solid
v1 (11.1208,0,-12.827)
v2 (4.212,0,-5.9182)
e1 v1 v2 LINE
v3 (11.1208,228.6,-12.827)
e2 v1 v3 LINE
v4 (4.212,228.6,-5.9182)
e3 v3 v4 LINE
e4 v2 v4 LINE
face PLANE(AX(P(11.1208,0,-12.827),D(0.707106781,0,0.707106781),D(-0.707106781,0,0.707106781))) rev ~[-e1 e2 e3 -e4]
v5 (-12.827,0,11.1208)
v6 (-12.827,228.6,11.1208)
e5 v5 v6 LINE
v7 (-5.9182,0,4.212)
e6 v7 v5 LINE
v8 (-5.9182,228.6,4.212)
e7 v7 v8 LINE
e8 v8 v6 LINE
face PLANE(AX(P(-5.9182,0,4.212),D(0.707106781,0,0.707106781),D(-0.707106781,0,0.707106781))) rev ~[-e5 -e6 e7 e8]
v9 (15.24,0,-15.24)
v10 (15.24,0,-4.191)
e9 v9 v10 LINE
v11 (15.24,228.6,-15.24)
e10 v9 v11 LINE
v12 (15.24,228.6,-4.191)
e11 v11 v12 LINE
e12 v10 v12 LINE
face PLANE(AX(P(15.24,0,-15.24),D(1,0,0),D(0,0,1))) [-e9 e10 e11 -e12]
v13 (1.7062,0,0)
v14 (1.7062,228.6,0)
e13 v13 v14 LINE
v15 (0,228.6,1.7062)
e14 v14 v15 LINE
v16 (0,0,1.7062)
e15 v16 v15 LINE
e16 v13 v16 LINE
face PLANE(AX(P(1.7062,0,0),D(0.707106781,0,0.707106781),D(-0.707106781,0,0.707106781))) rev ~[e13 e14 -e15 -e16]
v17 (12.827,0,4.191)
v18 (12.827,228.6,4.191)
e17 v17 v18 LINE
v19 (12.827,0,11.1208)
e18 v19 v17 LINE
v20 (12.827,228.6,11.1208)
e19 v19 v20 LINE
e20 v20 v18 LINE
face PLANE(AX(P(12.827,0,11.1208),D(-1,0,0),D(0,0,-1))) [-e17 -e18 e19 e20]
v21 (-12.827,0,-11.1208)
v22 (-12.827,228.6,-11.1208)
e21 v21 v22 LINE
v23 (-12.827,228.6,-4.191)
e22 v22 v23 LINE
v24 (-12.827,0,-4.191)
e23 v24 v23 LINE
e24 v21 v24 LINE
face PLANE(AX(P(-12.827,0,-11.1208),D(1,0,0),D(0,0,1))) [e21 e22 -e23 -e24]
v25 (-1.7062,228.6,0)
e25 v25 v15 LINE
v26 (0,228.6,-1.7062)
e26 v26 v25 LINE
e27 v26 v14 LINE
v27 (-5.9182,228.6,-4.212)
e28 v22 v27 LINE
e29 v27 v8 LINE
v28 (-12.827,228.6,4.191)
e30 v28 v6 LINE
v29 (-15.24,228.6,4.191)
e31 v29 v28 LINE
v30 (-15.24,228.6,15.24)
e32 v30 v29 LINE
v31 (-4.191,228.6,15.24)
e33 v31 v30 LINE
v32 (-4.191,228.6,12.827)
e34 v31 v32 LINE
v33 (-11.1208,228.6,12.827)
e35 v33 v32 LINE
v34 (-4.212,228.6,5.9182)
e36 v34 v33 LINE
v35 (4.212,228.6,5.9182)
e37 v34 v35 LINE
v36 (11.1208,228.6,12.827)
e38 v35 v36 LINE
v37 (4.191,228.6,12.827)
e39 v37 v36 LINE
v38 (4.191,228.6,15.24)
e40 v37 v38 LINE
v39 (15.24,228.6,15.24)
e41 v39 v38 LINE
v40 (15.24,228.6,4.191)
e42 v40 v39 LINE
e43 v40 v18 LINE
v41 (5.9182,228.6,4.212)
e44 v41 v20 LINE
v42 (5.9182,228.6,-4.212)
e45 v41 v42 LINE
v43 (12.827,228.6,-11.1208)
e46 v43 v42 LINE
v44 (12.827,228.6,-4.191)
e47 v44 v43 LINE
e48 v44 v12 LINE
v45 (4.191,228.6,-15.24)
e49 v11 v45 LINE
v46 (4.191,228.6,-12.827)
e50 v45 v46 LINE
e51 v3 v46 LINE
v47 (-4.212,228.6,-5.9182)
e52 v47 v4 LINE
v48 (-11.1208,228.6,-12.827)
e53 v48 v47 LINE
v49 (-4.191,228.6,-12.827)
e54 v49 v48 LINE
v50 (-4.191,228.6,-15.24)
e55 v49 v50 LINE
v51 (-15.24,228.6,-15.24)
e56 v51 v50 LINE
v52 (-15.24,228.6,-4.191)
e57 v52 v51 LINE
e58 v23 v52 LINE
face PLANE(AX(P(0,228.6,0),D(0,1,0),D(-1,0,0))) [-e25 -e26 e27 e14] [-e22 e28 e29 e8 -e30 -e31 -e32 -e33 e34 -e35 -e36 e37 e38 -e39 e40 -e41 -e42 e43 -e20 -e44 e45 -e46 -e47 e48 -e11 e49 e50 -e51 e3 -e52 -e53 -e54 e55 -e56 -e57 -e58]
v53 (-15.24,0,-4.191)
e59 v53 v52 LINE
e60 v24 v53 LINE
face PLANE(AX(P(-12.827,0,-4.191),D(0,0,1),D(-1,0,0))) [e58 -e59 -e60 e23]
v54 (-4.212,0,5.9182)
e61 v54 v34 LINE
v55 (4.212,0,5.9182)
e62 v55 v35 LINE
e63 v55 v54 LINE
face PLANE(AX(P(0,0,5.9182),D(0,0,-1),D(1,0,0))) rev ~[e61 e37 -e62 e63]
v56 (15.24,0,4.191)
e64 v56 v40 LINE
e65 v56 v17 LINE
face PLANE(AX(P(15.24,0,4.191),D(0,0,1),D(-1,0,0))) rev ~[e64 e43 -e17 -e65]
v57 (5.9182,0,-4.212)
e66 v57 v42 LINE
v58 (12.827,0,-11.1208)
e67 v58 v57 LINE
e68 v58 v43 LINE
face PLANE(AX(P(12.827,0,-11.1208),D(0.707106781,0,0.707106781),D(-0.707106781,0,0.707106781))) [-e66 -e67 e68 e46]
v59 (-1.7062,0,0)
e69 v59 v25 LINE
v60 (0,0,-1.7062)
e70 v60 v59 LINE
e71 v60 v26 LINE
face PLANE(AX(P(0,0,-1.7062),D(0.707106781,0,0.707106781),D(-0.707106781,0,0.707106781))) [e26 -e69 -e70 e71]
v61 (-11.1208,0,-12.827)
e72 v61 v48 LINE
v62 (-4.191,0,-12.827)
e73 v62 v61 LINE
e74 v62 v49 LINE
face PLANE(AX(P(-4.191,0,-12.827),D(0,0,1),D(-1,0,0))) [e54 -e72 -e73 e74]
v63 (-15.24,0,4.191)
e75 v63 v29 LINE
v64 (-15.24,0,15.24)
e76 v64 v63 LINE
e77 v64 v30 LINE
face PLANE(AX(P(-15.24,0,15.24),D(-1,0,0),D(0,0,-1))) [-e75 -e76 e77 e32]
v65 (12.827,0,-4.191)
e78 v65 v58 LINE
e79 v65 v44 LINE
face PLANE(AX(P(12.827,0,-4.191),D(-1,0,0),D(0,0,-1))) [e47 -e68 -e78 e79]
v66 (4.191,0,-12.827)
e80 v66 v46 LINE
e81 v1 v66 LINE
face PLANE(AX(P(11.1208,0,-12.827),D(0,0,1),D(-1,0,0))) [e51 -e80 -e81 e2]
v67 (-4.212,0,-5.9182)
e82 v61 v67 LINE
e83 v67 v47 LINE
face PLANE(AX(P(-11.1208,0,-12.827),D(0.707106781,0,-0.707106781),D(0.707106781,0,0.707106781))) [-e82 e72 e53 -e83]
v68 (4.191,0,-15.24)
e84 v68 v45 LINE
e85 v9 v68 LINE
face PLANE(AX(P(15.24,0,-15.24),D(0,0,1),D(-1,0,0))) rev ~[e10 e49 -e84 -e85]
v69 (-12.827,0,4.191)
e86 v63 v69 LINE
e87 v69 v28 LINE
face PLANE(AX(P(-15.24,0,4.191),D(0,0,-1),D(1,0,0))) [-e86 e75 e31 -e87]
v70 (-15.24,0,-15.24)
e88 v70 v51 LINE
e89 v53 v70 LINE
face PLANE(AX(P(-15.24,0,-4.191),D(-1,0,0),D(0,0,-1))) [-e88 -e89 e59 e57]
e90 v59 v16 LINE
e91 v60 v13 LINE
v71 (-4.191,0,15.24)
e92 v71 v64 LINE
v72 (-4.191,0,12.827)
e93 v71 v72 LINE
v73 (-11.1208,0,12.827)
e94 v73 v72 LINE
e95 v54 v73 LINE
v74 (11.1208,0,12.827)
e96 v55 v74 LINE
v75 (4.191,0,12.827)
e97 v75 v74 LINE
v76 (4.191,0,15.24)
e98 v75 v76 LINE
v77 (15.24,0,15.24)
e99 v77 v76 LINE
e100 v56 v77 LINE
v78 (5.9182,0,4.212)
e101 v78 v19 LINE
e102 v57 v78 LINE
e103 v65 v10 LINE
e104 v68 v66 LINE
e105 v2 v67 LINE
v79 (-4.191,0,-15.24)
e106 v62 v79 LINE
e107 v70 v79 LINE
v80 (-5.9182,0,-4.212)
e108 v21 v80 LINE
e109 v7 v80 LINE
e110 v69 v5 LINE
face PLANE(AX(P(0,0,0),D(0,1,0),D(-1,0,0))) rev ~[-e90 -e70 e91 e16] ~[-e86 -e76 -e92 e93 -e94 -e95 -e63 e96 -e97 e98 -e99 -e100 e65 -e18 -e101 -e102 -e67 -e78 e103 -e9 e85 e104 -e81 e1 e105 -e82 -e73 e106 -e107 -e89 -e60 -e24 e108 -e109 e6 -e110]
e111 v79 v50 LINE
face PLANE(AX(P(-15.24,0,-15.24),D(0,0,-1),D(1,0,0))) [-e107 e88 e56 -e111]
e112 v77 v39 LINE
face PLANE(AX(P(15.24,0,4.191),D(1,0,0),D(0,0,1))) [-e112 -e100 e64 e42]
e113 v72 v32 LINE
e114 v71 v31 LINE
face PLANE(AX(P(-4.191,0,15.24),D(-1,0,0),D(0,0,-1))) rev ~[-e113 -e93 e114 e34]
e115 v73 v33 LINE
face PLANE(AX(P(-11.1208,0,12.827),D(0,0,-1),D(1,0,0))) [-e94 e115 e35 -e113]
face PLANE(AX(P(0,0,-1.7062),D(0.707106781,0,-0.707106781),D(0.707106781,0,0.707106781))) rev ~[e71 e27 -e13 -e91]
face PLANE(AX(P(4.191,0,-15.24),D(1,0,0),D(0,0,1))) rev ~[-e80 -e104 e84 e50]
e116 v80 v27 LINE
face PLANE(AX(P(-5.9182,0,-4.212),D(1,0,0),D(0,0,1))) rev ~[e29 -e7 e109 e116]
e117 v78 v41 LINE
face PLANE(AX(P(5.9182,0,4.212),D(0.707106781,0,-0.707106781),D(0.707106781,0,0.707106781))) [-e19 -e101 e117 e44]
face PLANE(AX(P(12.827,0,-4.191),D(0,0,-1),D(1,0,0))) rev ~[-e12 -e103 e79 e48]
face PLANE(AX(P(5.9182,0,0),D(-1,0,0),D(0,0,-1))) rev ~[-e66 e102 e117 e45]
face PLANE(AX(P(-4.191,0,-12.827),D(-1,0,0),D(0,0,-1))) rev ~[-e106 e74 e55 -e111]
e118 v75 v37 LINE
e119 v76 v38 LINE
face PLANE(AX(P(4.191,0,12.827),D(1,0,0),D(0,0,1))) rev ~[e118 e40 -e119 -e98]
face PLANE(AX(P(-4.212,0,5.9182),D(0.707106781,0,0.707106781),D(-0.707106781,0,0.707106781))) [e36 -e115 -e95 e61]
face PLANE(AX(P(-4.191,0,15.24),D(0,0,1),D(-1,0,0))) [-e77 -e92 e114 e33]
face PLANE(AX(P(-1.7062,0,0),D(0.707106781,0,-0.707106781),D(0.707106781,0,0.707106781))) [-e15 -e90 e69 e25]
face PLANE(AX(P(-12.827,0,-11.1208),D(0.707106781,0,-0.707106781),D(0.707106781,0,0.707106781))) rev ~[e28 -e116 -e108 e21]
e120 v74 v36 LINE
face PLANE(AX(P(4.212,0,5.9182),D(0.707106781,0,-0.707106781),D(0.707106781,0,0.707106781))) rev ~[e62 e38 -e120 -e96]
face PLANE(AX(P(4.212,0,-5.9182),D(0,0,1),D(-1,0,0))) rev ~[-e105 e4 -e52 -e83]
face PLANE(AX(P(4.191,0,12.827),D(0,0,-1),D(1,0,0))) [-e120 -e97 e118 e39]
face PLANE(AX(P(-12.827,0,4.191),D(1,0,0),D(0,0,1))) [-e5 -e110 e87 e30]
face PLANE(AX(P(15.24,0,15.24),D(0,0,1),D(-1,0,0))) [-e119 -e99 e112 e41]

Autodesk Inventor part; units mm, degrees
ref_plane "YZ Plane" through (0, 0, 0) normal (1, 0, 0) x (0, 1, 0)
ref_plane "XZ Plane" through (0, 0, 0) normal (0, 1, 0) x (-1, 0, 0)
ref_plane "XY Plane" through (0, 0, 0) normal (0, 0, 1) x (1, 0, 0)
sketch "Sketch1" plane through (0, 0, 0) normal (0, 1, 0) x (-1, 0, 0)
  line L0 (0, -21.336) -> (0, 21.336) projected
  line L1 (-21.336, 0) -> (21.336, 0) projected
  line L2 (15.24, -15.24) -> (4.191, -15.24)
  line L3 (-15.24, -15.24) -> (-4.191, -15.24)
  line L4 (15.24, 4.191) -> (12.827, 4.191)
  line L5 (12.827, -4.191) -> (15.24, -4.191)
  line L6 (-4.191, 12.827) -> (-4.191, 15.24)
  line L7 (4.191, 15.24) -> (4.191, 12.827)
  line L8 (-11.1208, -12.827) -> (-4.212, -5.9182)
  line L9 (-12.827, -11.1208) -> (-5.9182, -4.212)
  line L10 (-5.9182, 4.212) -> (-12.827, 11.1208)
  line L11 (-4.212, 5.9182) -> (-11.1208, 12.827)
  line L12 (-1.7062, 0) -> (0, 1.7062)
  line L13 (4.212, 5.9182) -> (11.1208, 12.827)
  line L14 (0, -1.7062) -> (1.7062, 0)
  line L15 (5.9182, 4.212) -> (12.827, 11.1208)
  line L16 (12.827, -11.1208) -> (5.9182, -4.212)
  line L17 (1.7062, 0) -> (0, 1.7062)
  line L18 (11.1208, -12.827) -> (4.212, -5.9182)
  line L19 (0, -1.7062) -> (-1.7062, 0)
  line L20 (4.191, -12.827) -> (4.191, -15.24)
  line L21 (-15.24, 4.191) -> (-12.827, 4.191)
  line L22 (-4.191, -15.24) -> (-4.191, -12.827)
  line L23 (-12.827, -4.191) -> (-15.24, -4.191)
  line L24 (11.1208, 12.827) -> (4.191, 12.827)
  line L25 (-4.191, 12.827) -> (-11.1208, 12.827)
  line L26 (-12.827, 11.1208) -> (-12.827, 4.191)
  line L27 (-12.827, -4.191) -> (-12.827, -11.1208)
  line L28 (-11.1208, -12.827) -> (-4.191, -12.827)
  line L29 (4.191, -12.827) -> (11.1208, -12.827)
  line L30 (12.827, -11.1208) -> (12.827, -4.191)
  line L31 (12.827, 4.191) -> (12.827, 11.1208)
  line L32 (-15.24, -15.24) -> (-15.24, -4.191)
  line L33 (-15.24, 4.191) -> (-15.24, 15.24)
  line L34 (15.24, -15.24) -> (4.191, -15.24)
  line L35 (-4.191, -15.24) -> (-15.24, -15.24)
  line L36 (15.24, 15.24) -> (15.24, 4.191)
  line L37 (15.24, -4.191) -> (15.24, -15.24)
  line L38 (-15.24, 15.24) -> (-4.191, 15.24)
  line L39 (4.191, 15.24) -> (15.24, 15.24)
  line L40 (4.212, 5.9182) -> (-4.212, 5.9182)
  line L41 (-5.9182, 4.212) -> (-5.9182, -4.212)
  line L42 (-4.212, -5.9182) -> (4.212, -5.9182)
  line L43 (5.9182, -4.212) -> (5.9182, 4.212)
  line L44 (5.9182, 5.9182) -> (-5.9182, -5.9182) construction
  line L45 (-5.9182, 5.9182) -> (5.9182, -5.9182) construction
  point P0 (0, 0)
  point P1 (0, -4.191)
  point P2 (-4.191, 0)
  point P3 (0, 4.191)
  point P4 (4.191, 0)
  dimension "d4" = 11.049
  dimension "d5" = 30.48
  dimension "d6" = 30.48
  dimension "d15" = 11.8364
  dimension "d16" = 11.8364
extrude "Extrusion1" add sketch "Sketch1" along normal blind 228.6 contours L42 L8 L28 L22 L3 L32 L23 L27 L9 L41 L1 L19 L0 | L0 L14 L1 L43 L16 L30 L5 L37 L2 L20 L29 L18 L42 | L17 L0 L40 L13 L24 L7 L39 L36 L4 L31 L15 L43 L1 | L1 L41 L10 L26 L21 L33 L38 L6 L25 L11 L40 L0 L12
properties part number "ProfileOne"
